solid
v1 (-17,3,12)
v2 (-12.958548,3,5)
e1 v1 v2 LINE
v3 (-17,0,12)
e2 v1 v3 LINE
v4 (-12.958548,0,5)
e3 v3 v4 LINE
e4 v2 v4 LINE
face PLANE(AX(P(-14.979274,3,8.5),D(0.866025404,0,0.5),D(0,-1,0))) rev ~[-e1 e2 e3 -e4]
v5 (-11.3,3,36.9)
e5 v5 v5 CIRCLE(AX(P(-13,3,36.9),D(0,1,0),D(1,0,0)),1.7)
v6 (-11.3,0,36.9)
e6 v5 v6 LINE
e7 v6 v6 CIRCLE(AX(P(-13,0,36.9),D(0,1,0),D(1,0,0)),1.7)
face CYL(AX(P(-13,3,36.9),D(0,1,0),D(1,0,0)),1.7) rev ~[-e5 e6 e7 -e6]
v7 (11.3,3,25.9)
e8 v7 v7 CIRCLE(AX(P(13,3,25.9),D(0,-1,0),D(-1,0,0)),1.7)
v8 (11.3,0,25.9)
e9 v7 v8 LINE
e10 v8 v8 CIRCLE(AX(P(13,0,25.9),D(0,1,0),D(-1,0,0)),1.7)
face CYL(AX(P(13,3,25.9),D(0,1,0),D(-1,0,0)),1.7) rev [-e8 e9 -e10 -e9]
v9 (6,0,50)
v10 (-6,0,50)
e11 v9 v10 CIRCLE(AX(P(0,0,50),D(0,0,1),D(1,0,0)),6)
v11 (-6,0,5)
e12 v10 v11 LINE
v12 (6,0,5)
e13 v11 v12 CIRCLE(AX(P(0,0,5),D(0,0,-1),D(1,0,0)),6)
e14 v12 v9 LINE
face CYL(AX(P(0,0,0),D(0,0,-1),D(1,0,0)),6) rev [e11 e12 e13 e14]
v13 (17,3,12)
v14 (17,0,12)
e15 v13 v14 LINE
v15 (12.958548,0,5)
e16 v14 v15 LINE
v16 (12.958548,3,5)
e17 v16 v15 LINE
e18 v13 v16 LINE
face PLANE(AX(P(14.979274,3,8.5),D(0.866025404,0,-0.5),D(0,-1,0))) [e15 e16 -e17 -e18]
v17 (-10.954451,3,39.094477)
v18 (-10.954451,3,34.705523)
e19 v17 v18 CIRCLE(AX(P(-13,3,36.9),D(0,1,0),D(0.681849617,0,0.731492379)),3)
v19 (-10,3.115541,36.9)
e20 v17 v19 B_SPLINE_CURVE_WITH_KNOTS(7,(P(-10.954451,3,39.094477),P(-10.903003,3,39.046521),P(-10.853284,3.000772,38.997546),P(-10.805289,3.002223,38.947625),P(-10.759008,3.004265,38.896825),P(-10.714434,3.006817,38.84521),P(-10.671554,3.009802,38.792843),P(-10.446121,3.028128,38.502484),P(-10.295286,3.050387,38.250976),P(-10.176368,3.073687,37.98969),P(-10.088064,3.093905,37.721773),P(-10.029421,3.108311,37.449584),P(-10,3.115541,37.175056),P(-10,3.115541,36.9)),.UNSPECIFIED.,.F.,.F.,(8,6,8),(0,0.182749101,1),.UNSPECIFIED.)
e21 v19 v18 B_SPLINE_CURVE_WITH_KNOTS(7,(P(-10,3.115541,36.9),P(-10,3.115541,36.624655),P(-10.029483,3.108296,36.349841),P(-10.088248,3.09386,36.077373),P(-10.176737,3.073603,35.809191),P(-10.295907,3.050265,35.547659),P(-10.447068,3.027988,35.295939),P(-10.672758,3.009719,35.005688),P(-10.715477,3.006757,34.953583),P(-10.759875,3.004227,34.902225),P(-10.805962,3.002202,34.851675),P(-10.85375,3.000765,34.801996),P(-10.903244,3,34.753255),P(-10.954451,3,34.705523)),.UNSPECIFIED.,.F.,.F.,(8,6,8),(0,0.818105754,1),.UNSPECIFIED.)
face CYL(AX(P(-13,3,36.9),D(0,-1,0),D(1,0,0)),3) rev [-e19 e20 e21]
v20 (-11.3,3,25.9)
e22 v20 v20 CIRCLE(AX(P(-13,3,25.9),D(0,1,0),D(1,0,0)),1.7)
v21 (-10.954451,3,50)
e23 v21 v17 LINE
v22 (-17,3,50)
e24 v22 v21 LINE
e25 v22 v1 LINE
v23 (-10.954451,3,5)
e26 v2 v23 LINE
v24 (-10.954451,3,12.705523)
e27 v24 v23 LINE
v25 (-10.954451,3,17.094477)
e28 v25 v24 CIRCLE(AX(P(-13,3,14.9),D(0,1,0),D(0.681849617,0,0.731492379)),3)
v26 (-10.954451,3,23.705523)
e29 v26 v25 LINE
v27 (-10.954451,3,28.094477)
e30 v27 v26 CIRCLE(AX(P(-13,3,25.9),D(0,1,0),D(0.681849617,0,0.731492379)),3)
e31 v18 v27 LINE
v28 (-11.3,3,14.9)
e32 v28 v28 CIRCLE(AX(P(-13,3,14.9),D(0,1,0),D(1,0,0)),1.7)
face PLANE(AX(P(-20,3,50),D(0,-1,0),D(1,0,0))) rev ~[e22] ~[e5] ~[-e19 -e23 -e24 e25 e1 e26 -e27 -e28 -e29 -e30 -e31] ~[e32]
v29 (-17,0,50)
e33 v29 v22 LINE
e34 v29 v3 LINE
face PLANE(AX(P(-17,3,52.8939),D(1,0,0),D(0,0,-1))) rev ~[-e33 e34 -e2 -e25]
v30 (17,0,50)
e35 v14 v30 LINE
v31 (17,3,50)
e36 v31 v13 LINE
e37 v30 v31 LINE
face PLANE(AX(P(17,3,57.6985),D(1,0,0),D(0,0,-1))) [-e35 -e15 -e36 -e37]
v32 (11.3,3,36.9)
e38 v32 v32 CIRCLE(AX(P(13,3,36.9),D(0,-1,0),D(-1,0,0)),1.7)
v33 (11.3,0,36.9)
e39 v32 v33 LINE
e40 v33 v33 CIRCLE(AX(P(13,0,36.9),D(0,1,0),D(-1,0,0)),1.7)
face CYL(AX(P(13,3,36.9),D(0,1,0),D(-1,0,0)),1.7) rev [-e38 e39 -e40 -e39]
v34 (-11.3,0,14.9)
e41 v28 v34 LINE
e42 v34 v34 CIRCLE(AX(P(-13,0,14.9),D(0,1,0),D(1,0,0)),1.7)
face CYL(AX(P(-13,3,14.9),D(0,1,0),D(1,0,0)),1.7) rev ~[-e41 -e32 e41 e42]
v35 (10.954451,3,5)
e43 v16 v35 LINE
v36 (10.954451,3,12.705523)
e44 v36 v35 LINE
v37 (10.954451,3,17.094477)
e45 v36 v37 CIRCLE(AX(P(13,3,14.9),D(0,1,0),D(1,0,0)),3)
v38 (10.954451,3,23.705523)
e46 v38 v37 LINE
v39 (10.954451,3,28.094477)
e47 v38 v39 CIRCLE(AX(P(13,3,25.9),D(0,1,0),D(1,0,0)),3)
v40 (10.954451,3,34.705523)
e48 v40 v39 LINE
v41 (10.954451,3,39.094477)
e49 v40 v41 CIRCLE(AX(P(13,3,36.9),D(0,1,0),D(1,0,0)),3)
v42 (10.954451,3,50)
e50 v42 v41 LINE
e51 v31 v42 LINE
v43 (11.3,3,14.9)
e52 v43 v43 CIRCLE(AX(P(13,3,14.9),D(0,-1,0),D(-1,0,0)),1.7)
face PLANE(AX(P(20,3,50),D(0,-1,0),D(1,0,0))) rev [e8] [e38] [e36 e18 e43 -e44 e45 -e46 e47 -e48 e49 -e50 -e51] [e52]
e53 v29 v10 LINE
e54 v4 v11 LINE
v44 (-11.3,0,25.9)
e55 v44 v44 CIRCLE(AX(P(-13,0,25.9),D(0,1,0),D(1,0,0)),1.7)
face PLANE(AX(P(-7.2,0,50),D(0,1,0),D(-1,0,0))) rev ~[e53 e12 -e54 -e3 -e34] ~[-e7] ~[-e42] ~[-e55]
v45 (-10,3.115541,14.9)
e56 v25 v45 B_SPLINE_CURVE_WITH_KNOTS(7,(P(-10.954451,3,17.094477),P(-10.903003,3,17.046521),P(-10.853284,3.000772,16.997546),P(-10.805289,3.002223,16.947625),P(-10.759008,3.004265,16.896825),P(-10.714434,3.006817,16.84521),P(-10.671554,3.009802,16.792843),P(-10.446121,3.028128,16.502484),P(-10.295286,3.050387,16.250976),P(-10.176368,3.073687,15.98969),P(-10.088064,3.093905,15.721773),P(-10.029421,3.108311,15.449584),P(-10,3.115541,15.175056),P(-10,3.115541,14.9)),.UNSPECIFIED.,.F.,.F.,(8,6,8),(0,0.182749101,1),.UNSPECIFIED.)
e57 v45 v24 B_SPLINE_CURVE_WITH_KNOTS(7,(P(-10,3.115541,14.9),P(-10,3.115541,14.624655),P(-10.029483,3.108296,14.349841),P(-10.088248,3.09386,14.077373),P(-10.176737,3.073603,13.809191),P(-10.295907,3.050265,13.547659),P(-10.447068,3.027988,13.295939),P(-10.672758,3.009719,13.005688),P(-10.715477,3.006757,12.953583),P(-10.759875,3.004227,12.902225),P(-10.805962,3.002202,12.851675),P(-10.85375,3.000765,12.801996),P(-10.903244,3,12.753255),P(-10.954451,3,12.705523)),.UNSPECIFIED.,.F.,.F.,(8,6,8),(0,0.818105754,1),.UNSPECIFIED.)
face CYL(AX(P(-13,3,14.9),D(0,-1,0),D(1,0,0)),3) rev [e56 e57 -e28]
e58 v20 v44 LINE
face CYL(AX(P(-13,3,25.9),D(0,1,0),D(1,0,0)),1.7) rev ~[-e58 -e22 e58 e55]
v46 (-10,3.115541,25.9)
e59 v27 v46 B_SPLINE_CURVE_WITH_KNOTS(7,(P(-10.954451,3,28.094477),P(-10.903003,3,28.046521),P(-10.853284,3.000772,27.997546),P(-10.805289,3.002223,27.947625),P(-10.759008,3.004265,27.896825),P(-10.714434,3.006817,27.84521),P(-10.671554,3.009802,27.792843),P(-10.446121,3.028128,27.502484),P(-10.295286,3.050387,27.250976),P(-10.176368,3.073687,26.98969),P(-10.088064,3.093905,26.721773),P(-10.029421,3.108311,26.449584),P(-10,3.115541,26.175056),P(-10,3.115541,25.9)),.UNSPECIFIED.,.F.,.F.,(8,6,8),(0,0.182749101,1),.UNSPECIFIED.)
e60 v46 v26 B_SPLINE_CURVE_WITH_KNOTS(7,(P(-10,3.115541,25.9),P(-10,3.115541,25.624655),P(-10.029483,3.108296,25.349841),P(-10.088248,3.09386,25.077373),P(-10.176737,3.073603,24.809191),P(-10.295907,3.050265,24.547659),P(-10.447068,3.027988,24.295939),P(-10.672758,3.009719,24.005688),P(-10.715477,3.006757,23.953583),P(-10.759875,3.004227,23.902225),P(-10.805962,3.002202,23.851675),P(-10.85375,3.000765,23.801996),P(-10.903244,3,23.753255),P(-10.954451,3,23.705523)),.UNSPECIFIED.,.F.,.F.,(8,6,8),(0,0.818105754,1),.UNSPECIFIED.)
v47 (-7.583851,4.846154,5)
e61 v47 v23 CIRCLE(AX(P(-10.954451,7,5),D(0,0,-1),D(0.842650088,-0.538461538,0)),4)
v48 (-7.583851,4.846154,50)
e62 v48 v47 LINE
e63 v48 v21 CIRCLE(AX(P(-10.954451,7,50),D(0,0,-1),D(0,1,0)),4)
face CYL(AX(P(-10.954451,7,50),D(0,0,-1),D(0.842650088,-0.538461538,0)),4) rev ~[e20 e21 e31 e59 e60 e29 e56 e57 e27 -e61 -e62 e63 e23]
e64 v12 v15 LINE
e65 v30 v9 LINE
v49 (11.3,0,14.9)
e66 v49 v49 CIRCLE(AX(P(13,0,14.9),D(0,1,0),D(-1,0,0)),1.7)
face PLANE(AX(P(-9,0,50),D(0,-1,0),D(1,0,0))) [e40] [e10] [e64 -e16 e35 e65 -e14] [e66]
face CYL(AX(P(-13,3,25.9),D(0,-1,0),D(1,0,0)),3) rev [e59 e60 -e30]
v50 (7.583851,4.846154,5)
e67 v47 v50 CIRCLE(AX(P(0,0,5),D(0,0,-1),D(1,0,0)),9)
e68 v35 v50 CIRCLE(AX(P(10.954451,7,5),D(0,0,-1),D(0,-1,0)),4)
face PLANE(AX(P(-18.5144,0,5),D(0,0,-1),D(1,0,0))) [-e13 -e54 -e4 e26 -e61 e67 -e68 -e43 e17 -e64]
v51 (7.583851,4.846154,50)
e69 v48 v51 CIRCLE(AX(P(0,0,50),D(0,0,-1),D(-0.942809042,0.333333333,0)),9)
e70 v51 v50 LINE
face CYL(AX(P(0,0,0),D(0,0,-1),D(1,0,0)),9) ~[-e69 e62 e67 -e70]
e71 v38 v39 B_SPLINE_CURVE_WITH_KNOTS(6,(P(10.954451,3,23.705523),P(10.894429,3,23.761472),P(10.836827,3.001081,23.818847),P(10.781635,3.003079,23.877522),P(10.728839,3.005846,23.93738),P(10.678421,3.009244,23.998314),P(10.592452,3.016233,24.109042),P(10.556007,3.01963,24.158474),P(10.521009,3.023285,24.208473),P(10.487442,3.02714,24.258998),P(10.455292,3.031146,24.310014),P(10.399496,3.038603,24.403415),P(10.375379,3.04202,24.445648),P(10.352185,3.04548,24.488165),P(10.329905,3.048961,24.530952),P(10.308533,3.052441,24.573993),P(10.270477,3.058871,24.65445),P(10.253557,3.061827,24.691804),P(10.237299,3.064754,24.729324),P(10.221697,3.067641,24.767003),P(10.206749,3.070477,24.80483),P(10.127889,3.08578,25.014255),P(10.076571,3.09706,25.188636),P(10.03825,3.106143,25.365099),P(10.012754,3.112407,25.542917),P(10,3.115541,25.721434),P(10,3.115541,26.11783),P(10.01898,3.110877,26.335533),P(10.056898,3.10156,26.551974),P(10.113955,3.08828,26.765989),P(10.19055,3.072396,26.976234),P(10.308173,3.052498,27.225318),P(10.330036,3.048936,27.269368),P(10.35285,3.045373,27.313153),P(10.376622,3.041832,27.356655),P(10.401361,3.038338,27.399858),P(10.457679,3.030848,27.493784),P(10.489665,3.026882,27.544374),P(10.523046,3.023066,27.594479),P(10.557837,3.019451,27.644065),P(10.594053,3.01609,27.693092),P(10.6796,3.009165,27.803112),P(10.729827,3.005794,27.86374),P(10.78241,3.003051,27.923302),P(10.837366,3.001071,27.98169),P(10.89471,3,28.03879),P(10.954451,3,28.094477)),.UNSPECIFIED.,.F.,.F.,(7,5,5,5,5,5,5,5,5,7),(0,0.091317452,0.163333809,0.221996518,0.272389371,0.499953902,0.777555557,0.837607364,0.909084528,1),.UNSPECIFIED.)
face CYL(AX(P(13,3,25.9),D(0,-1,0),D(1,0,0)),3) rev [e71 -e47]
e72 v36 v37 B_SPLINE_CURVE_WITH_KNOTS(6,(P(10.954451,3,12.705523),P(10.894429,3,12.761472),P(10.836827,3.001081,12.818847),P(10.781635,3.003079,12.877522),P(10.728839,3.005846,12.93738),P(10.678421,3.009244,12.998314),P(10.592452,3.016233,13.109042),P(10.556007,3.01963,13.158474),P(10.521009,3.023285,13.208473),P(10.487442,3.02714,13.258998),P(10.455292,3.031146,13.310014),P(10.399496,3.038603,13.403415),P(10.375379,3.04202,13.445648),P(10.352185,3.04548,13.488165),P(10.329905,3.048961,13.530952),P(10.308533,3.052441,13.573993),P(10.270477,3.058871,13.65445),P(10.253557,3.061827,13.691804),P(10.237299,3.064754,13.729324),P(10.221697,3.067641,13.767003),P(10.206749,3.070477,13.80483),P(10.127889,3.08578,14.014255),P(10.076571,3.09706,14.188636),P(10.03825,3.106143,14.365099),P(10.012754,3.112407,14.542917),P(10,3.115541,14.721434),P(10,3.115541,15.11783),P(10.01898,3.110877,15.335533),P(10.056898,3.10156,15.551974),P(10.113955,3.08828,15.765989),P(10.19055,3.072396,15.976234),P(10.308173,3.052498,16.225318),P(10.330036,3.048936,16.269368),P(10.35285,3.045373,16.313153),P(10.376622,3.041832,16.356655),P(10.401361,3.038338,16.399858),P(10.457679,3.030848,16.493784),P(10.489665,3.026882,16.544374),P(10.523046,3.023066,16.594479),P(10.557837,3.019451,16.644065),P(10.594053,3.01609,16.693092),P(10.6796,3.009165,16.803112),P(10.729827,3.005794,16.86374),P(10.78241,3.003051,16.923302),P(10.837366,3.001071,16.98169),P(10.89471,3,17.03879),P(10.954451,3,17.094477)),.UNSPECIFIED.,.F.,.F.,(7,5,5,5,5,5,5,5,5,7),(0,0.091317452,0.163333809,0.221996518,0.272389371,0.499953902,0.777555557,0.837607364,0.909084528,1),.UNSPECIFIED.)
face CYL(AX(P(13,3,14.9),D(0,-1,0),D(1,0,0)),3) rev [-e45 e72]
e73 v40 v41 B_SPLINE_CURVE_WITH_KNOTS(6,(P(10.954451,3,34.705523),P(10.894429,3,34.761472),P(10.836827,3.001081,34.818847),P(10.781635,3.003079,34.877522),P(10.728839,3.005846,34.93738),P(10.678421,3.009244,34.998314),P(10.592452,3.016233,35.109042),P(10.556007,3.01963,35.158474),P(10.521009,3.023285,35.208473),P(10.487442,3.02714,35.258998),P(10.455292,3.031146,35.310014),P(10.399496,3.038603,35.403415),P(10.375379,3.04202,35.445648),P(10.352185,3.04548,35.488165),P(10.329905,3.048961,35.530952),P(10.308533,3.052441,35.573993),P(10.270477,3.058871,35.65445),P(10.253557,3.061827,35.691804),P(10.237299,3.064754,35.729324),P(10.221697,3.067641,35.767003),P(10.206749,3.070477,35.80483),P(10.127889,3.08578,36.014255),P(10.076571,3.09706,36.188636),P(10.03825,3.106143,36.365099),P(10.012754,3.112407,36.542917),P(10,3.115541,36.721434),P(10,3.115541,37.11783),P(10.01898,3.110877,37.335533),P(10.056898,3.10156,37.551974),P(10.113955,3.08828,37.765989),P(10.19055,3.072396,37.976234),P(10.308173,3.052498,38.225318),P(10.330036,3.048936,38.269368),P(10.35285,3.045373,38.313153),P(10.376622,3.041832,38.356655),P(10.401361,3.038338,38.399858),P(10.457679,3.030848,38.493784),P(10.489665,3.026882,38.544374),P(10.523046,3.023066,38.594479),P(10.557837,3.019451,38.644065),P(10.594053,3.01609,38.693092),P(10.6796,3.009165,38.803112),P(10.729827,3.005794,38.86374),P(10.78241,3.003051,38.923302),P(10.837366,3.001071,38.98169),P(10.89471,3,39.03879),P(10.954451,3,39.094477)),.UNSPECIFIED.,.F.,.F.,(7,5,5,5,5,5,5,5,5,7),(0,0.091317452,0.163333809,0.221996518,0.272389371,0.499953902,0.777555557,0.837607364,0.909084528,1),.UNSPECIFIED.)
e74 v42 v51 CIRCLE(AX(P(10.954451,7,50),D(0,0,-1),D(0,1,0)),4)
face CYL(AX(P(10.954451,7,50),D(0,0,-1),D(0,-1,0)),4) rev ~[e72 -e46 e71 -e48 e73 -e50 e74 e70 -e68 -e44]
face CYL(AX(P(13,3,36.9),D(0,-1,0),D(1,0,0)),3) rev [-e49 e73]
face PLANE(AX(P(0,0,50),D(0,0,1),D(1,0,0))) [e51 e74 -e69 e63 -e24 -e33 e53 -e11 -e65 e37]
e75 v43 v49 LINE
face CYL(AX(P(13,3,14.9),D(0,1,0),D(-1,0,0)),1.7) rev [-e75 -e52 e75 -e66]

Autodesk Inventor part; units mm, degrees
ref_plane "YZ Plane" through (0, 0, 0) normal (1, 0, 0) x (0, 1, 0)
ref_plane "XZ Plane" through (0, 0, 0) normal (0, 1, 0) x (-1, 0, 0)
sketch "Szkic1" plane through (0, 0, 0) normal (0, 0, 1) x (1, 0, 0)
  circle A0 centre (0, 0) radius 6
  circle A1 centre (0, 0) radius 9
  dimension "d0" = 12
  dimension "d1" = 18
extrude "Wyciągnięcie proste1" add sketch "Szkic1" along normal blind 50
sketch "Szkic2" plane through (0, 0, 50) normal (0, 0, 1) x (1, 0, 0)
  line L0 (-7.2, 0) -> (-20, 0)
  line L1 (-20, 0) -> (-20, 3)
  line L2 (-20, 3) -> (-7.2, 3)
  line L3 (-7.2, 3) -> (-7.2, 0)
  point P0 (0, 0)
  dimension "d4" = 3
  dimension "d5" = 7.2
  dimension "d6" = 20
extrude "Wyciągnięcie proste2" add sketch "Szkic2" against normal blind 50
ref_plane "Płaszczyzna konstrukcyjna1" through (0, 0, 50) normal (-1, 0, 0) x (0, 0, 1)
sketch "Szkic3" plane through (0, 0, 50) normal (0, 0, 1) x (1, 0, 0)
  arc A0 (-9, 0) -> (-8.4853, 3) centre (0, 0) ccw projected
  line L0 (-9, 0) -> (13.5216, 0)
  line L1 (13.5216, 0) -> (13.5216, -10.7801)
  line L2 (13.5216, -10.7801) -> (-9, -10.7801)
  line L3 (-9, -10.7801) -> (-9, 0)
extrude "Wyciągnięcie proste3" cut sketch "Szkic3" against normal blind 50
sketch "Szkic5" plane through (-20, 3, 50) normal (0, 1, 0) x (1, 0, 0)
  circle A0 centre (7, 13.1) radius 1.7
  circle A1 centre (7, 24.1) radius 1.7
  circle A2 centre (7, 35.1) radius 1.7
  line L0 (0, 0) -> (11.5147, 0) projected
  line L1 (20, -10) -> (20, 60) projected
  point P0 (20, 50)
  dimension "d12" = 3.4
  dimension "d13" = 3.4
  dimension "d14" = 3.4
  dimension "d16" = 13.1
  dimension "d17" = 11
  dimension "d18" = 11
  dimension "d19" = 13
  dimension "d20" = 0
  dimension "d21" = 0
extrude "Wyciągnięcie proste4" cut sketch "Szkic5" against normal blind 50
fillet "Zaokrąglenie1" radius 4 1 edges at (-8.4853, 3, 25)
mirror "Odbij1" about plane through (0, 0, 50) normal (-1, 0, 0) of "Wyciągnięcie proste2", "Wyciągnięcie proste4", "Zaokrąglenie1"
sketch "Szkic6" plane through (6, 0, 0) normal (0, -1, 0) x (1, 0, 0)
  line L0 (15.0838, 0) -> (-24.5144, 0)
  line L1 (-24.5144, 0) -> (-24.5144, 5)
  line L2 (-24.5144, 5) -> (15.0838, 5)
  line L3 (15.0838, 5) -> (15.0838, 0)
  point P0 (-6, 0)
  dimension "d28" = 5
extrude "Wyciągnięcie proste5" cut sketch "Szkic6" against normal blind 50
sketch "Szkic8" plane through (-20, 3, 50) normal (0, 1, 0) x (1, 0, 0)
  line L0 (-3.2921, -2.8939) -> (3, -2.8939)
  line L1 (3, -2.8939) -> (3, 49.96)
  line L2 (3, 49.96) -> (-3.2921, 49.96)
  line L3 (-3.2921, 49.96) -> (-3.2921, -2.8939)
  line L4 (37, 48) -> (48.6867, 48)
  line L5 (48.6867, 48) -> (48.6867, -7.6985)
  line L6 (48.6867, -7.6985) -> (37, -7.6985)
  line L7 (37, -7.6985) -> (37, 48)
  circle A0 centre (33, 35.1) radius 1.7 projected
  circle A1 centre (7, 35.1) radius 1.7 projected
  point P0 (20, 50)
  dimension "d32" = 4
  dimension "d33" = 4
extrude "Wyciągnięcie proste6" cut sketch "Szkic8" against normal blind 50 contours L3 L2 L1 L0 | L4 L5 L6 L7
chamfer "Faza2" distance 7 angle 30 1 edges at (17, 1.5, 5) measured on face at (17, 1, 35)
chamfer "Faza3" distance 7 angle 30 1 edges at (-17, 1.5, 5) measured on face at (-17, 1, 35)
sketch "Szkic9" plane through (-20, 3, 0.04) normal (0, 0, 1) x (1, 0, 0)
  line L0 (-2.5115, 2.374) -> (2.3445, 2.374)
  line L1 (2.3445, 2.374) -> (2.3445, -9.0767)
  line L2 (2.3445, -9.0767) -> (-2.5115, -9.0767)
  line L3 (-2.5115, -9.0767) -> (-2.5115, 2.374)
  point P0 (20, -3)
extrude "Wyciągnięcie proste7" cut sketch "Szkic9" against normal blind 50
sketch "Szkic11" plane through (-10.9545, 3, 50) normal (0, 1, 0) x (1, 0, 0)
  circle A0 centre (-2.0455, 35.1) radius 3
  circle A1 centre (-2.0455, 13.1) radius 3
  circle A2 centre (-2.0455, 24.1) radius 3
  circle A3 centre (23.9545, 35.1) radius 3
  circle A4 centre (23.9545, 24.1) radius 3
  circle A5 centre (23.9545, 13.1) radius 3
  circle A6 centre (23.9545, 35.1) radius 1.7 projected
  circle A7 centre (23.9545, 24.1) radius 1.7 projected
  circle A8 centre (23.9545, 13.1) radius 1.7 projected
  circle A9 centre (-2.0455, 13.1) radius 1.7 projected
  circle A10 centre (-2.0455, 24.1) radius 1.7 projected
  circle A11 centre (-2.0455, 35.1) radius 1.7 projected
  point P0 (10.9545, 50)
  dimension "d47" = 6
  dimension "d48" = 6
  dimension "d49" = 6
  dimension "d50" = 6
  dimension "d51" = 6
  dimension "d52" = 6
extrude "Wyciągnięcie proste9" cut sketch "Szkic11" along normal blind 50
properties part number "Cartesian1_X_RodCover" material "Tworzywo sztuczne ABS"
